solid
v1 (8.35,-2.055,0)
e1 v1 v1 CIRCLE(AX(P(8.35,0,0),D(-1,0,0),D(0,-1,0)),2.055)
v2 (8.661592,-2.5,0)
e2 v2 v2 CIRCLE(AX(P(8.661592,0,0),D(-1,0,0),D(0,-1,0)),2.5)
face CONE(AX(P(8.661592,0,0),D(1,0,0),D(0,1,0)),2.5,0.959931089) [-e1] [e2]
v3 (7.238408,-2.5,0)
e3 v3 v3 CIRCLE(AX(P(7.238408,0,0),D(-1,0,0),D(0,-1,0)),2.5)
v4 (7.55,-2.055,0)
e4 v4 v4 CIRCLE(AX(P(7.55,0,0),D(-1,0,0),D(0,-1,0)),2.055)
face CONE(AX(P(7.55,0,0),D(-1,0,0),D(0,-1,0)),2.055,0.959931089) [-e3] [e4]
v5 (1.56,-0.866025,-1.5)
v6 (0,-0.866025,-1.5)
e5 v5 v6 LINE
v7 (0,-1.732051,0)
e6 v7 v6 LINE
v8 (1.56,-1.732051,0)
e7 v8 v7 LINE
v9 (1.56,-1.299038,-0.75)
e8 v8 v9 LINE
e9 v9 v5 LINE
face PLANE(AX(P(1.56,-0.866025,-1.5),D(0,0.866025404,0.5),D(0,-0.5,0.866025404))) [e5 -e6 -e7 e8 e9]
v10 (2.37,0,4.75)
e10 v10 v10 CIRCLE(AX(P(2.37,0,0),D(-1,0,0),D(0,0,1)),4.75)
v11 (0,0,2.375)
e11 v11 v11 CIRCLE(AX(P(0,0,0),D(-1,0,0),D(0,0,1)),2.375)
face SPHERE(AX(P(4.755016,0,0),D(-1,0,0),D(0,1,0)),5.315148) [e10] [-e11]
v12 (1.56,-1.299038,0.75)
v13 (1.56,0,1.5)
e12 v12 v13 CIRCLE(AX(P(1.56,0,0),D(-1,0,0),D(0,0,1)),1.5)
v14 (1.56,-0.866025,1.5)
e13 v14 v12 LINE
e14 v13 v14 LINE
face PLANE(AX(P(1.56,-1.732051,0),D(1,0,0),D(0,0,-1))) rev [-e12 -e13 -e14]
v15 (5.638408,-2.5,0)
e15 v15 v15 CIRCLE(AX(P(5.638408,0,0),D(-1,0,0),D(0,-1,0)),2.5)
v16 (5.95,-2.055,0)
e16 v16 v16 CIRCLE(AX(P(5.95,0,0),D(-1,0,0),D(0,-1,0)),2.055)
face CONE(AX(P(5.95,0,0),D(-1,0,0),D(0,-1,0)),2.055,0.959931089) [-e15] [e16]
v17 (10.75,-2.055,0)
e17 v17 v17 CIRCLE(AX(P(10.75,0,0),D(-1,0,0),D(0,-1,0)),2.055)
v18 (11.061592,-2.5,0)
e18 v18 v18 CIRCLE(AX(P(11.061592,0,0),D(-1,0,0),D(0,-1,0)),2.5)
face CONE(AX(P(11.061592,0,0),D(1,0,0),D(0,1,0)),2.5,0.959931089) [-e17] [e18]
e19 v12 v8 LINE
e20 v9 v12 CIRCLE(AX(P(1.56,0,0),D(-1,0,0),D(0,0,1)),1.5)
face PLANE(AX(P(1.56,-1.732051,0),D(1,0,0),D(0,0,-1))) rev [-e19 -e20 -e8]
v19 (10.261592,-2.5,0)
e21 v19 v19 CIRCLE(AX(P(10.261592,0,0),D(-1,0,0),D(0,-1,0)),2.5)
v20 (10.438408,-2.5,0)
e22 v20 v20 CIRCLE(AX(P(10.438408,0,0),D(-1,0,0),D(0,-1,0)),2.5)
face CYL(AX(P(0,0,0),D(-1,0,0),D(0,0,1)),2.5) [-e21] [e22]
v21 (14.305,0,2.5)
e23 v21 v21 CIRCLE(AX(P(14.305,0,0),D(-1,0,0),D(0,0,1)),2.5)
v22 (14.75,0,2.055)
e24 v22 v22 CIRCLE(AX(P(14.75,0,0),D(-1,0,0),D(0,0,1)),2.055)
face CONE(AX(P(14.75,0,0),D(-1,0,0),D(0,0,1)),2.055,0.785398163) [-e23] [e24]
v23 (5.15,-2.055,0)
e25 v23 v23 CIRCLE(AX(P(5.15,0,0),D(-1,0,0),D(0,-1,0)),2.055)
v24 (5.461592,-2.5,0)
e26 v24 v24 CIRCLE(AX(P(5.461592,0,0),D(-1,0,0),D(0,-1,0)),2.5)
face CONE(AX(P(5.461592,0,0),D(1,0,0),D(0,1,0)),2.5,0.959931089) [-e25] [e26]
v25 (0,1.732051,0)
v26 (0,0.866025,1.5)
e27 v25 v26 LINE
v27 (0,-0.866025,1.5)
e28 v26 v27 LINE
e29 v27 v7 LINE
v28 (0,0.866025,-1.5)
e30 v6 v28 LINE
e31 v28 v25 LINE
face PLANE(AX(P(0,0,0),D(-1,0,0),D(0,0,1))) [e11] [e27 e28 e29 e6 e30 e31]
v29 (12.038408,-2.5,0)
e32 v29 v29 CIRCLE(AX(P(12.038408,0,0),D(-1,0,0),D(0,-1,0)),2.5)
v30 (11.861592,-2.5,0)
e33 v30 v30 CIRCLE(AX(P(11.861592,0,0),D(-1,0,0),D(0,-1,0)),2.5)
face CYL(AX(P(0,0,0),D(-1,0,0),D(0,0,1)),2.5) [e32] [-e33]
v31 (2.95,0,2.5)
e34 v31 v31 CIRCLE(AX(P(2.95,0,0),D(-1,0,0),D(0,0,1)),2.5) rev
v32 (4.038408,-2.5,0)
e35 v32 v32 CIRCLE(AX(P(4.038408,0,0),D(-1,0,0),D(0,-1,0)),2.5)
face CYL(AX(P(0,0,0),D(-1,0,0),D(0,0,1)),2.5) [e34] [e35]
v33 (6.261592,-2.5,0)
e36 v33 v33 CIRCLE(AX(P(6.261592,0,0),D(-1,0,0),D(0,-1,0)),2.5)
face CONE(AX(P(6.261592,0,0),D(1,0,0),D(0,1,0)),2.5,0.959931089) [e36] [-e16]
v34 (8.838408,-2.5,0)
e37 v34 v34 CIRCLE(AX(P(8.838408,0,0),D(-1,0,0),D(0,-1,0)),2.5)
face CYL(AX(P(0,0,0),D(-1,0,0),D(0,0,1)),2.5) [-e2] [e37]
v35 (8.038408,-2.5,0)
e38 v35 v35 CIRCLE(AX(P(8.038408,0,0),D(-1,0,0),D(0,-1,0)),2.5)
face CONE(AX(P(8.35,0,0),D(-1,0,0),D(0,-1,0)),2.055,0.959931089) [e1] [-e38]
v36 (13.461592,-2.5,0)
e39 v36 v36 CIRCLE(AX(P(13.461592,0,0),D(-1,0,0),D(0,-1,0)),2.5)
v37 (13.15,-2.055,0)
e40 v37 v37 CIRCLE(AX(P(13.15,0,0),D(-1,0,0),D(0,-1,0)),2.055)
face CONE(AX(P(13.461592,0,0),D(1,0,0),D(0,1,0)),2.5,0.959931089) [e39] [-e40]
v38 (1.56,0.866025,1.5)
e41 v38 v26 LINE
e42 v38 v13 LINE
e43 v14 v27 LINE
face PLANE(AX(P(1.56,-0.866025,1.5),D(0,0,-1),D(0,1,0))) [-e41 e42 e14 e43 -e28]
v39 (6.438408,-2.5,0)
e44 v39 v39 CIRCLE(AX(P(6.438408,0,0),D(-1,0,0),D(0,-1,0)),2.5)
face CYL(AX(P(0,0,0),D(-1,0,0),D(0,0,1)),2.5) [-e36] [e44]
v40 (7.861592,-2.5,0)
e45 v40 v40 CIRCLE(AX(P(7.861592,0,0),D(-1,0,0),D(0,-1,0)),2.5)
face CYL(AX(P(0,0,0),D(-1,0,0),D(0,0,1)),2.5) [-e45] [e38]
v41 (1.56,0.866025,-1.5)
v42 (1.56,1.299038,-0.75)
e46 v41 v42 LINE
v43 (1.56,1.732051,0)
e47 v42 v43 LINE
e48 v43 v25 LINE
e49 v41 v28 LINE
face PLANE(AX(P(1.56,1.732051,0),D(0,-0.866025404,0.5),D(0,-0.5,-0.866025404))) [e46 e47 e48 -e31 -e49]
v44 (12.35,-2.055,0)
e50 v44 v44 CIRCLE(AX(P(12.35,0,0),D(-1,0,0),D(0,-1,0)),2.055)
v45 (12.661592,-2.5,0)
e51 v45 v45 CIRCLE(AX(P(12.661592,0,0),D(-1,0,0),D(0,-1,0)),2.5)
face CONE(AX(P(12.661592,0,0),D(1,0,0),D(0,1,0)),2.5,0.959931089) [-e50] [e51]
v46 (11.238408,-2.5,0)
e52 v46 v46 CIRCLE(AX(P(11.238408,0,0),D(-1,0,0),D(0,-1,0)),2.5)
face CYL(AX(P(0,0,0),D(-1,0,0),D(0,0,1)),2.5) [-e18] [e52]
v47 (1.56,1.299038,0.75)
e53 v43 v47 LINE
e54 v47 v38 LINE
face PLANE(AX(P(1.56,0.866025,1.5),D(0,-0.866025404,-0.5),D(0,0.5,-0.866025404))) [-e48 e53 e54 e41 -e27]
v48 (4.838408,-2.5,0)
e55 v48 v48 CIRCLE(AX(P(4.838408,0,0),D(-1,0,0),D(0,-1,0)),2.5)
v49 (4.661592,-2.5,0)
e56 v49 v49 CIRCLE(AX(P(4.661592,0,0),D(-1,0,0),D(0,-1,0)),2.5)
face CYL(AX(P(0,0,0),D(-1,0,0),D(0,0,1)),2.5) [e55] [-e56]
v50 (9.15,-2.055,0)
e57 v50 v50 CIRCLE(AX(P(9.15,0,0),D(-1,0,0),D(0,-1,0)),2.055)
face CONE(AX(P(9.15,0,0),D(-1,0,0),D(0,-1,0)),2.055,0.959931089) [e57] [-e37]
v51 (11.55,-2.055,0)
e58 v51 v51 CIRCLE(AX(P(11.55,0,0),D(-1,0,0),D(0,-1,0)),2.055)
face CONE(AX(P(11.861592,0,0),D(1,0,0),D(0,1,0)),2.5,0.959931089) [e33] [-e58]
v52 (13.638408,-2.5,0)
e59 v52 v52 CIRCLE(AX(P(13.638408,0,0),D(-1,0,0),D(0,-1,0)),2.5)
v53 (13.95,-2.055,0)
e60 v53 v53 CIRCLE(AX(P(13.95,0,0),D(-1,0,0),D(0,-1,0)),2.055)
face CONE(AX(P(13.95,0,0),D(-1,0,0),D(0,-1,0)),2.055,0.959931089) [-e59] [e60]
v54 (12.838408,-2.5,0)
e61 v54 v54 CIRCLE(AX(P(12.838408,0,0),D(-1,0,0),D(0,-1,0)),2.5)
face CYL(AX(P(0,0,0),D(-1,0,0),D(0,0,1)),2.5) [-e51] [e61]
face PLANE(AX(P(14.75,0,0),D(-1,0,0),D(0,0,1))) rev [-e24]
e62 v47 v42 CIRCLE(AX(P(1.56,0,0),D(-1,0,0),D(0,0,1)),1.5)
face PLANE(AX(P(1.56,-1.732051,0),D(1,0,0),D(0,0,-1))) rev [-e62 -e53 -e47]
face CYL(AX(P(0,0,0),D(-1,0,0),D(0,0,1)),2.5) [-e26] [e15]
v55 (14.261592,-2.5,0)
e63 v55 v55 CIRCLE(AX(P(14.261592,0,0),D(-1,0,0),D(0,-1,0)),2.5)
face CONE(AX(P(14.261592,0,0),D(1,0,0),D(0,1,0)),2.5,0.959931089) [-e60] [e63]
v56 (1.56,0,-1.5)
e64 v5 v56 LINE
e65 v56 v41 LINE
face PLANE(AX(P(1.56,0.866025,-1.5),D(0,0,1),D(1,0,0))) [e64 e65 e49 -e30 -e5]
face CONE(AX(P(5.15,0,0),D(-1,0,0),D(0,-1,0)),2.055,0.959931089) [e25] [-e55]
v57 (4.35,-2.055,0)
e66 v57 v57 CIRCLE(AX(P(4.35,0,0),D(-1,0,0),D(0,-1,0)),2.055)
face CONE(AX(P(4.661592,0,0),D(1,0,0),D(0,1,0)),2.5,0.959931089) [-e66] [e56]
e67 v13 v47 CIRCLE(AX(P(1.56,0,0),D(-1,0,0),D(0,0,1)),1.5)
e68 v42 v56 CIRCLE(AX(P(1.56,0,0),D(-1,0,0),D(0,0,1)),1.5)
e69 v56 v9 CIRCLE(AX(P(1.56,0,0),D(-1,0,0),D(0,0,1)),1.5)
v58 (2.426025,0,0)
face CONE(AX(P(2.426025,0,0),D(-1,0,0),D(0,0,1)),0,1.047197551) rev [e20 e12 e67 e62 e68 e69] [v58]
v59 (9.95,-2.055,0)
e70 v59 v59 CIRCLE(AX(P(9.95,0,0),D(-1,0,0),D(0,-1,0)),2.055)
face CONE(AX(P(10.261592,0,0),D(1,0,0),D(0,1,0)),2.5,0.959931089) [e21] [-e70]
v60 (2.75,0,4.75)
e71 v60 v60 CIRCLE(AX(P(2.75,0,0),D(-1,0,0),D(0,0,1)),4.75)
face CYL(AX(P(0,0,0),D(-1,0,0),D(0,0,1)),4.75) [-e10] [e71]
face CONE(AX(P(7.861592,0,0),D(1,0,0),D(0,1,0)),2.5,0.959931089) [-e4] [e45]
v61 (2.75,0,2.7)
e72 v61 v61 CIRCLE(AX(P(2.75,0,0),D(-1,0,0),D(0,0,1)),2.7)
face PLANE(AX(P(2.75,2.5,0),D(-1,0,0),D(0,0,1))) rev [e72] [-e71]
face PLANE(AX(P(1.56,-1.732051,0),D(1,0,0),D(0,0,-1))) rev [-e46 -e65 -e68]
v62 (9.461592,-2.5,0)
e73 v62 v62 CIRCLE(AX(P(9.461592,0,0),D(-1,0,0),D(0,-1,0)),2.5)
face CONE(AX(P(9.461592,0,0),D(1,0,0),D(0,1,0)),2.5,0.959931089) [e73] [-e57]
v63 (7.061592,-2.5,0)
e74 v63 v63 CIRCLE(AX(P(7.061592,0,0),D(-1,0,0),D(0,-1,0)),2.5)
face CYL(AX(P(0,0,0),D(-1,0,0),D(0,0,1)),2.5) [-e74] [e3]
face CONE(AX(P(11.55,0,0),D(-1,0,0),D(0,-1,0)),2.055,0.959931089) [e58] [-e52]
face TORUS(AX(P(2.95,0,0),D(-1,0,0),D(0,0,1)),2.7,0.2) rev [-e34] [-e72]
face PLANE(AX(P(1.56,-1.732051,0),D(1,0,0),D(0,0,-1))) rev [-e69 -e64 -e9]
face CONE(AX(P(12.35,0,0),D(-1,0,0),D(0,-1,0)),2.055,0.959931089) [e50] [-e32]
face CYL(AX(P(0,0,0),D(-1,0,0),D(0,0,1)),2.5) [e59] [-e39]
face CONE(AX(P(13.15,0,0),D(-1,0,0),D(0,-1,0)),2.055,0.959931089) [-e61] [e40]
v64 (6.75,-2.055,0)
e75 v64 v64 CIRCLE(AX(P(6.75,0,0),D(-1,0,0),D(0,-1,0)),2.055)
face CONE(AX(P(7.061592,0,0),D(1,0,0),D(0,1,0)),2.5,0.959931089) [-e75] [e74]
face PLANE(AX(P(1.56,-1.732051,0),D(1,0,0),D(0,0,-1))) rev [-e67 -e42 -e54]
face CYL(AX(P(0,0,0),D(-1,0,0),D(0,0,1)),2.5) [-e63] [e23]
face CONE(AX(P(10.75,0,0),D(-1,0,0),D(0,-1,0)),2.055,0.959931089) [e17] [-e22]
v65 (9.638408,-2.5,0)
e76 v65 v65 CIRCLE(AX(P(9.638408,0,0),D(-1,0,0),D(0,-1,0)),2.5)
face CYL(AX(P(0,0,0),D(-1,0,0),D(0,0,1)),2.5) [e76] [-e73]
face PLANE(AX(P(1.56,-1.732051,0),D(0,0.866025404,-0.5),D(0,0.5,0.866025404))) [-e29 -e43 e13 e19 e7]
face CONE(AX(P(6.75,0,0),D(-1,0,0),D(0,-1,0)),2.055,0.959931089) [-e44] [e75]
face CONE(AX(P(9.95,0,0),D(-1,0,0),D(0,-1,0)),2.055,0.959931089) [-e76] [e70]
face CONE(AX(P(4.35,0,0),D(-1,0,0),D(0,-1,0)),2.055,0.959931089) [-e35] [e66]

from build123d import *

# Parameters (mm, degrees)
FILLET1_R       = 0.2
HEX_2_DEPTH     = 1.56
THDSCHPAT_COUNT = 13
THDSCHPAT_PITCH = 0.8


with BuildPart() as part:
    # BodySke → BaseBody (revolve)
    with BuildSketch(Plane.XY):
        with BuildLine():
            Line((14.75, 0), (14.75, 2.055))
            Line((14.75, 2.055), (14.305, 2.5))
            Line((14.305, 2.5), (2.75, 2.5))
            Line((2.75, 2.5), (2.75, 4.75))
            Line((2.75, 4.75), (2.37, 4.75))
            ThreePointArc((2.37, 4.75), (0.992680215, 3.754414901), (0, 2.375))
            Line((0, 2.375), (0, 0))
            Line((0, 0), (14.75, 0))
        make_face()
    revolve(axis=Axis((0, 0, 0), (1, 0, 0)))

    # Fillet1
    fillet1_edges = [part.edges().sort_by_distance(p)[0] for p in [
        (2.75, -2.5, 0),
    ]]
    fillet(fillet1_edges, radius=FILLET1_R)

    # Sketch2 → PreBroach (revolve, cut)
    with BuildSketch(Plane.XY):
        Polygon((0, 1.5), (1.56, 1.5), (2.426025404, 0), (0, 0), align=None)
    revolve(axis=Axis((0, 0, 0), (1, 0, 0)), mode=Mode.SUBTRACT)

    # Sketch3 → Hex 2 (cut)
    with BuildSketch(Plane(origin=(0, 0, 0), x_dir=(0, 0, -1), z_dir=(1, 0, 0))):
        Polygon((-1.5, -0.866025404), (-1.5, 0.866025404), (0, 1.732050808), (1.5, 0.866025404), (1.5, -0.866025404), (0, -1.732050808), align=None)
    extrude(amount=HEX_2_DEPTH, mode=Mode.SUBTRACT)

    # ThdSchSke → ThreadSchematic (revolve, cut)
    with BuildSketch(Plane.XY):
        Polygon((4.35, -2.055), (4.038407645, -2.5), (4.038407645, -3.125), (4.661592355, -3.125), (4.661592355, -2.5), align=None)
    threadschematic = revolve(axis=Axis((-3.175, 0, 0), (1, 0, 0)), mode=Mode.SUBTRACT)

    # ThdSchPat: ThreadSchematic ×13
    with Locations(*[(i * THDSCHPAT_PITCH, 0, 0) for i in range(1, THDSCHPAT_COUNT)]):
        add(threadschematic, mode=Mode.SUBTRACT)


solid = part.part
